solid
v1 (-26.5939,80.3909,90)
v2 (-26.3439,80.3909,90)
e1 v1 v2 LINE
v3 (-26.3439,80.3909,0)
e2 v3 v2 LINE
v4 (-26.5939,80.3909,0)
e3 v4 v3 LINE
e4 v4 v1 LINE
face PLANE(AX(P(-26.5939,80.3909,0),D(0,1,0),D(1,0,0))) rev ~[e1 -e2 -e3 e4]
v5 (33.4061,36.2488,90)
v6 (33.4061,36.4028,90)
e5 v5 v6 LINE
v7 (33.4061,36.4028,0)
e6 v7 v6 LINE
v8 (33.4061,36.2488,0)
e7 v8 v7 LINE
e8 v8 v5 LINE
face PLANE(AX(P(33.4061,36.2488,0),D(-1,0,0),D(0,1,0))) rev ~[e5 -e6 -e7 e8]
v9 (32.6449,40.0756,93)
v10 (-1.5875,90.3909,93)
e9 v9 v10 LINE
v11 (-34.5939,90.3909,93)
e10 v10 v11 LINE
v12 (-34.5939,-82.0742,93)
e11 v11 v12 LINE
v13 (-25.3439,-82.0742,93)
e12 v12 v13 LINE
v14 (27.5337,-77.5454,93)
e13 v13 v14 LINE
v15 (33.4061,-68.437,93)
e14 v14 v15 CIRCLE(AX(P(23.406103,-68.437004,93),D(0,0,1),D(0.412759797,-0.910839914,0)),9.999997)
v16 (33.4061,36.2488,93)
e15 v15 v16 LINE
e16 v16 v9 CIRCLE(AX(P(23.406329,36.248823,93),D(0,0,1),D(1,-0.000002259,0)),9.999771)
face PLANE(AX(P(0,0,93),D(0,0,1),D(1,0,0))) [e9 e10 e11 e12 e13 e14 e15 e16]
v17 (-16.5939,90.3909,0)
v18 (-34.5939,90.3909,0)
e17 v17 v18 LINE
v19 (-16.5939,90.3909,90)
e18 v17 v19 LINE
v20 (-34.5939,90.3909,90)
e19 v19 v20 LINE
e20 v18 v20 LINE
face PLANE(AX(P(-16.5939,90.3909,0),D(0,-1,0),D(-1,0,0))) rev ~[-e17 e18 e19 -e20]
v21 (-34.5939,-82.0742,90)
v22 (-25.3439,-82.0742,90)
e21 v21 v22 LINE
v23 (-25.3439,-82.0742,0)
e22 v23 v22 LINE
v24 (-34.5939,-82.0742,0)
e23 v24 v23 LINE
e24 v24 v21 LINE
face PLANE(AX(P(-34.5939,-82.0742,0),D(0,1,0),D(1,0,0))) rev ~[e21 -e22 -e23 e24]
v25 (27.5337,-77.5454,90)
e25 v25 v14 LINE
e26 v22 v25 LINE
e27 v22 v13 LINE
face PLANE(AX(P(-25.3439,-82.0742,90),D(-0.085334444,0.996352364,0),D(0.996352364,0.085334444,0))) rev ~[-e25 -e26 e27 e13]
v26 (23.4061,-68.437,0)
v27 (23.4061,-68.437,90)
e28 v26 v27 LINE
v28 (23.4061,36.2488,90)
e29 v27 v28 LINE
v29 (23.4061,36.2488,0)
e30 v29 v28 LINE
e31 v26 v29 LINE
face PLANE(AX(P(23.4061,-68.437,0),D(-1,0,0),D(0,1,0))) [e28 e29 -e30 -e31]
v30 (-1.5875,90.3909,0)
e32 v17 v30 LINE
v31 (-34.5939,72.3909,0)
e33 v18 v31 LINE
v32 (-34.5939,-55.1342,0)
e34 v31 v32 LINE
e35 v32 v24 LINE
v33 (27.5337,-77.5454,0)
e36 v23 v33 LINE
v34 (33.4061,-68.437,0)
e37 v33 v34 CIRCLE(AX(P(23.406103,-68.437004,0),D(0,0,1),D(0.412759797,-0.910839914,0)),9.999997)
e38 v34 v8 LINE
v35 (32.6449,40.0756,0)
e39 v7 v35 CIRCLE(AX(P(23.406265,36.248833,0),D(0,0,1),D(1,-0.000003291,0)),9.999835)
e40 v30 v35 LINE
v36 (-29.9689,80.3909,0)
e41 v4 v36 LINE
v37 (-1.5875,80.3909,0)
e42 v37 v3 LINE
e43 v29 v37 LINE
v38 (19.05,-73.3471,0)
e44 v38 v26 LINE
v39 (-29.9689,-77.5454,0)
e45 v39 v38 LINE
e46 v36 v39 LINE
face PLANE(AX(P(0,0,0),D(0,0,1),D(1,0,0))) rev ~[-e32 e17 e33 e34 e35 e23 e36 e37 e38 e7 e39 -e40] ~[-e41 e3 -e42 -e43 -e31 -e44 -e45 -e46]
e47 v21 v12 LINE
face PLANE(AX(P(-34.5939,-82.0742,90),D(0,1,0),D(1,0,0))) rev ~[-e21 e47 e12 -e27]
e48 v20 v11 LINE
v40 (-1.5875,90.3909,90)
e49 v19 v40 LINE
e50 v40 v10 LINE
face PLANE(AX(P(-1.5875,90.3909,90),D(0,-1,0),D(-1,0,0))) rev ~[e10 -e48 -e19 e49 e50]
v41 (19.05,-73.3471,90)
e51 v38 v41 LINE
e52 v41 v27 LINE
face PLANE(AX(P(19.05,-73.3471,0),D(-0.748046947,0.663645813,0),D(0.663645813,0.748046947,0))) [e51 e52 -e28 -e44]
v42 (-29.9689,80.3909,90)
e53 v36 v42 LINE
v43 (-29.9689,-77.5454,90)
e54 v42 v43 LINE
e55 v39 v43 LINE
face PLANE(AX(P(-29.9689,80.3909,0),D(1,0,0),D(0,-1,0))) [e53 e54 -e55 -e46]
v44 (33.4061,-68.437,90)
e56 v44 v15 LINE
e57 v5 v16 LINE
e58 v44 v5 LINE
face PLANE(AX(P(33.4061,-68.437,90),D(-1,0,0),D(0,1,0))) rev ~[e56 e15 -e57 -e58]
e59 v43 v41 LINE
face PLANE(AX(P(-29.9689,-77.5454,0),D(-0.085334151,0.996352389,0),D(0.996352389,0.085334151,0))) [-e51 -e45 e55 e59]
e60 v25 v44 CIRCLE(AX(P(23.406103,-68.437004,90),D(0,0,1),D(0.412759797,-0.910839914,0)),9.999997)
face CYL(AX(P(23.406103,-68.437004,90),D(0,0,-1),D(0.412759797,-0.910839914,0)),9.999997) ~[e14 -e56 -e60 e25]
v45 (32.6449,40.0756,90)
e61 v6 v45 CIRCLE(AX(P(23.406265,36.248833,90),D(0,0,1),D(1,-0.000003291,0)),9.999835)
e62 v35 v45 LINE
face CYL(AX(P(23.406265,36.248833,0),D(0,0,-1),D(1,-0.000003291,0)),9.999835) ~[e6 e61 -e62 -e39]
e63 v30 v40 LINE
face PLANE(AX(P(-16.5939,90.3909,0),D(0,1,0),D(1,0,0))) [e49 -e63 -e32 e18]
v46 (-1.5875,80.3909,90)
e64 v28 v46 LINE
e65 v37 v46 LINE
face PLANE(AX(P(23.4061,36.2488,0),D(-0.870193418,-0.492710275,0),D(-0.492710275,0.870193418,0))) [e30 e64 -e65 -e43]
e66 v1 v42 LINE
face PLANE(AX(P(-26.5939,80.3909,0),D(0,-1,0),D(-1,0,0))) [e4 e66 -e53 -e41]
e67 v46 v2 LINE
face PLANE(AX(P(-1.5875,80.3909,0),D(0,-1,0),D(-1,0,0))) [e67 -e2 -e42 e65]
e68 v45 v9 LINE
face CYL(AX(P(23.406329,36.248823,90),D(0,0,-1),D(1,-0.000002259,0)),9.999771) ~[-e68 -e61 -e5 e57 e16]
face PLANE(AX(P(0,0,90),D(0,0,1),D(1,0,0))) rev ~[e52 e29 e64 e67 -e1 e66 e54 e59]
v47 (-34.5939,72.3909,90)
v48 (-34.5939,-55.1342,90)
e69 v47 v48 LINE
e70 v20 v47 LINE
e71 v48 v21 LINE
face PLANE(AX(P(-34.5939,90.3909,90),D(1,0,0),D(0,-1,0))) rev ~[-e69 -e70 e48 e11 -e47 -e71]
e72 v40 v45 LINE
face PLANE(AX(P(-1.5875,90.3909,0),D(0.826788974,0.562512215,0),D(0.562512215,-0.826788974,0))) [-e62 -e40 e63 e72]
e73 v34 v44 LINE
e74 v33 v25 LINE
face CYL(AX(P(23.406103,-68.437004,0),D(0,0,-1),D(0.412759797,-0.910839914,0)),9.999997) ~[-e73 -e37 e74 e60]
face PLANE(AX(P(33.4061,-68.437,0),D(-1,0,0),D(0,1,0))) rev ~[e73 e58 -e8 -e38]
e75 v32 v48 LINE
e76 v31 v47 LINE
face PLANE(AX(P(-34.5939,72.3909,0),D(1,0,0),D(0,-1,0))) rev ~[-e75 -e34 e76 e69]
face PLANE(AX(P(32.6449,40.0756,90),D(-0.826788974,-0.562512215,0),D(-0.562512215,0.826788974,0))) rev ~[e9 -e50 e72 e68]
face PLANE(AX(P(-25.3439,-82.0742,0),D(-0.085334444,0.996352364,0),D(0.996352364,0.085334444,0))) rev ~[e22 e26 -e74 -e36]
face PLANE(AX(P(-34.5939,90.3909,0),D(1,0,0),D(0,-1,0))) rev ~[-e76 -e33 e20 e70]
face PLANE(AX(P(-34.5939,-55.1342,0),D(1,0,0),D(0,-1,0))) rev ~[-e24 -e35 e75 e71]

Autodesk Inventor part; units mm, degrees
ref_plane "YZ Plane" through (0, 0, 0) normal (1, 0, 0) x (0, 1, 0)
ref_plane "XZ Plane" through (0, 0, 0) normal (0, 1, 0) x (-1, 0, 0)
ref_plane "XY Plane" through (0, 0, 0) normal (0, 0, 1) x (1, 0, 0)
sketch "Эскиз1" plane through (0, 0, 0) normal (0, 0, 1) x (1, 0, 0)
  line L0 (-34.5939, -55.1342) -> (-34.5939, -82.0742)
  line L1 (-34.5939, -82.0742) -> (-25.3439, -82.0742)
  line L2 (-25.3439, -82.0742) -> (27.5337, -77.5454)
  arc A0 (27.5337, -77.5454) -> (33.4061, -68.437) centre (23.4061, -68.437) ccw
  line L3 (33.4061, -68.437) -> (33.4061, 36.4028)
  arc A1 (33.4061, 36.2488) -> (30.4771, 43.3199) centre (23.4061, 36.2488) ccw
  line L4 (-16.5939, 90.3909) -> (-34.5939, 90.3909)
  line L5 (-34.5939, 90.3909) -> (-34.5939, 72.3909)
  line L6 (-26.5939, 80.3909) -> (-26.3439, 80.3909)
  line L7 (-34.5939, 90.3909) -> (-34.5939, -82.0742)
  line L8 (-16.5939, 90.3909) -> (-1.5875, 90.3909)
  line L9 (-1.5875, 90.3909) -> (32.6449, 40.0756)
  line L10 (-1.5875, 80.3909) -> (-29.9689, 80.3909)
  line L11 (-29.9689, 80.3909) -> (-29.9689, -77.5454)
  line L12 (-29.9689, -77.5454) -> (19.05, -73.3471)
  line L13 (19.05, -73.3471) -> (23.4061, -68.437)
  line L14 (23.4061, -68.437) -> (23.4061, 36.2488)
  line L15 (23.4061, 36.2488) -> (-1.5875, 80.3909)
  point P0 (0, 0)
  point P1 (22.0964, -89.1509)
  point P2 (33.4061, 36.2488)
extrude "Выдавливание1" add sketch "Эскиз1" along normal blind 90
sketch "Эскиз2" plane through (0, 0, 90) normal (0, 0, 1) x (1, 0, 0)
  line L0 (-1.5875, 90.3909) -> (-34.5939, 90.3909) projected
  line L1 (-34.5939, 90.3909) -> (-34.5939, -82.0742) projected
  line L2 (-34.5939, -82.0742) -> (-25.3439, -82.0742) projected
  line L3 (-25.3439, -82.0742) -> (27.5337, -77.5454) projected
  arc A0 (27.5337, -77.5454) -> (33.4061, -68.437) centre (23.4061, -68.437) ccw projected
  line L4 (33.4061, -68.437) -> (33.4061, 36.2488) projected
  arc A1 (33.4061, 36.2488) -> (32.6449, 40.0756) centre (23.4061, 36.2488) ccw projected
  line L5 (32.6449, 40.0756) -> (-1.5875, 90.3909) projected
  line L6 (-1.5875, 80.3909) -> (23.4061, 36.2488) projected
  line L7 (23.4061, 36.2488) -> (23.4061, -68.437) projected
  line L8 (23.4061, -68.437) -> (19.05, -73.3471) projected
  line L9 (19.05, -73.3471) -> (-29.9689, -77.5454) projected
  line L10 (-29.9689, -77.5454) -> (-29.9689, 80.3909) projected
  line L11 (-29.9689, 80.3909) -> (-1.5875, 80.3909) projected
  point P0 (0, 0)
extrude "Выдавливание2" add sketch "Эскиз2" along normal blind 3 contours L5 A1 L4 A0 L3 L2 L1 L0 | L6 L7 L8 L9 L10 L11
properties part number "говно деда"
